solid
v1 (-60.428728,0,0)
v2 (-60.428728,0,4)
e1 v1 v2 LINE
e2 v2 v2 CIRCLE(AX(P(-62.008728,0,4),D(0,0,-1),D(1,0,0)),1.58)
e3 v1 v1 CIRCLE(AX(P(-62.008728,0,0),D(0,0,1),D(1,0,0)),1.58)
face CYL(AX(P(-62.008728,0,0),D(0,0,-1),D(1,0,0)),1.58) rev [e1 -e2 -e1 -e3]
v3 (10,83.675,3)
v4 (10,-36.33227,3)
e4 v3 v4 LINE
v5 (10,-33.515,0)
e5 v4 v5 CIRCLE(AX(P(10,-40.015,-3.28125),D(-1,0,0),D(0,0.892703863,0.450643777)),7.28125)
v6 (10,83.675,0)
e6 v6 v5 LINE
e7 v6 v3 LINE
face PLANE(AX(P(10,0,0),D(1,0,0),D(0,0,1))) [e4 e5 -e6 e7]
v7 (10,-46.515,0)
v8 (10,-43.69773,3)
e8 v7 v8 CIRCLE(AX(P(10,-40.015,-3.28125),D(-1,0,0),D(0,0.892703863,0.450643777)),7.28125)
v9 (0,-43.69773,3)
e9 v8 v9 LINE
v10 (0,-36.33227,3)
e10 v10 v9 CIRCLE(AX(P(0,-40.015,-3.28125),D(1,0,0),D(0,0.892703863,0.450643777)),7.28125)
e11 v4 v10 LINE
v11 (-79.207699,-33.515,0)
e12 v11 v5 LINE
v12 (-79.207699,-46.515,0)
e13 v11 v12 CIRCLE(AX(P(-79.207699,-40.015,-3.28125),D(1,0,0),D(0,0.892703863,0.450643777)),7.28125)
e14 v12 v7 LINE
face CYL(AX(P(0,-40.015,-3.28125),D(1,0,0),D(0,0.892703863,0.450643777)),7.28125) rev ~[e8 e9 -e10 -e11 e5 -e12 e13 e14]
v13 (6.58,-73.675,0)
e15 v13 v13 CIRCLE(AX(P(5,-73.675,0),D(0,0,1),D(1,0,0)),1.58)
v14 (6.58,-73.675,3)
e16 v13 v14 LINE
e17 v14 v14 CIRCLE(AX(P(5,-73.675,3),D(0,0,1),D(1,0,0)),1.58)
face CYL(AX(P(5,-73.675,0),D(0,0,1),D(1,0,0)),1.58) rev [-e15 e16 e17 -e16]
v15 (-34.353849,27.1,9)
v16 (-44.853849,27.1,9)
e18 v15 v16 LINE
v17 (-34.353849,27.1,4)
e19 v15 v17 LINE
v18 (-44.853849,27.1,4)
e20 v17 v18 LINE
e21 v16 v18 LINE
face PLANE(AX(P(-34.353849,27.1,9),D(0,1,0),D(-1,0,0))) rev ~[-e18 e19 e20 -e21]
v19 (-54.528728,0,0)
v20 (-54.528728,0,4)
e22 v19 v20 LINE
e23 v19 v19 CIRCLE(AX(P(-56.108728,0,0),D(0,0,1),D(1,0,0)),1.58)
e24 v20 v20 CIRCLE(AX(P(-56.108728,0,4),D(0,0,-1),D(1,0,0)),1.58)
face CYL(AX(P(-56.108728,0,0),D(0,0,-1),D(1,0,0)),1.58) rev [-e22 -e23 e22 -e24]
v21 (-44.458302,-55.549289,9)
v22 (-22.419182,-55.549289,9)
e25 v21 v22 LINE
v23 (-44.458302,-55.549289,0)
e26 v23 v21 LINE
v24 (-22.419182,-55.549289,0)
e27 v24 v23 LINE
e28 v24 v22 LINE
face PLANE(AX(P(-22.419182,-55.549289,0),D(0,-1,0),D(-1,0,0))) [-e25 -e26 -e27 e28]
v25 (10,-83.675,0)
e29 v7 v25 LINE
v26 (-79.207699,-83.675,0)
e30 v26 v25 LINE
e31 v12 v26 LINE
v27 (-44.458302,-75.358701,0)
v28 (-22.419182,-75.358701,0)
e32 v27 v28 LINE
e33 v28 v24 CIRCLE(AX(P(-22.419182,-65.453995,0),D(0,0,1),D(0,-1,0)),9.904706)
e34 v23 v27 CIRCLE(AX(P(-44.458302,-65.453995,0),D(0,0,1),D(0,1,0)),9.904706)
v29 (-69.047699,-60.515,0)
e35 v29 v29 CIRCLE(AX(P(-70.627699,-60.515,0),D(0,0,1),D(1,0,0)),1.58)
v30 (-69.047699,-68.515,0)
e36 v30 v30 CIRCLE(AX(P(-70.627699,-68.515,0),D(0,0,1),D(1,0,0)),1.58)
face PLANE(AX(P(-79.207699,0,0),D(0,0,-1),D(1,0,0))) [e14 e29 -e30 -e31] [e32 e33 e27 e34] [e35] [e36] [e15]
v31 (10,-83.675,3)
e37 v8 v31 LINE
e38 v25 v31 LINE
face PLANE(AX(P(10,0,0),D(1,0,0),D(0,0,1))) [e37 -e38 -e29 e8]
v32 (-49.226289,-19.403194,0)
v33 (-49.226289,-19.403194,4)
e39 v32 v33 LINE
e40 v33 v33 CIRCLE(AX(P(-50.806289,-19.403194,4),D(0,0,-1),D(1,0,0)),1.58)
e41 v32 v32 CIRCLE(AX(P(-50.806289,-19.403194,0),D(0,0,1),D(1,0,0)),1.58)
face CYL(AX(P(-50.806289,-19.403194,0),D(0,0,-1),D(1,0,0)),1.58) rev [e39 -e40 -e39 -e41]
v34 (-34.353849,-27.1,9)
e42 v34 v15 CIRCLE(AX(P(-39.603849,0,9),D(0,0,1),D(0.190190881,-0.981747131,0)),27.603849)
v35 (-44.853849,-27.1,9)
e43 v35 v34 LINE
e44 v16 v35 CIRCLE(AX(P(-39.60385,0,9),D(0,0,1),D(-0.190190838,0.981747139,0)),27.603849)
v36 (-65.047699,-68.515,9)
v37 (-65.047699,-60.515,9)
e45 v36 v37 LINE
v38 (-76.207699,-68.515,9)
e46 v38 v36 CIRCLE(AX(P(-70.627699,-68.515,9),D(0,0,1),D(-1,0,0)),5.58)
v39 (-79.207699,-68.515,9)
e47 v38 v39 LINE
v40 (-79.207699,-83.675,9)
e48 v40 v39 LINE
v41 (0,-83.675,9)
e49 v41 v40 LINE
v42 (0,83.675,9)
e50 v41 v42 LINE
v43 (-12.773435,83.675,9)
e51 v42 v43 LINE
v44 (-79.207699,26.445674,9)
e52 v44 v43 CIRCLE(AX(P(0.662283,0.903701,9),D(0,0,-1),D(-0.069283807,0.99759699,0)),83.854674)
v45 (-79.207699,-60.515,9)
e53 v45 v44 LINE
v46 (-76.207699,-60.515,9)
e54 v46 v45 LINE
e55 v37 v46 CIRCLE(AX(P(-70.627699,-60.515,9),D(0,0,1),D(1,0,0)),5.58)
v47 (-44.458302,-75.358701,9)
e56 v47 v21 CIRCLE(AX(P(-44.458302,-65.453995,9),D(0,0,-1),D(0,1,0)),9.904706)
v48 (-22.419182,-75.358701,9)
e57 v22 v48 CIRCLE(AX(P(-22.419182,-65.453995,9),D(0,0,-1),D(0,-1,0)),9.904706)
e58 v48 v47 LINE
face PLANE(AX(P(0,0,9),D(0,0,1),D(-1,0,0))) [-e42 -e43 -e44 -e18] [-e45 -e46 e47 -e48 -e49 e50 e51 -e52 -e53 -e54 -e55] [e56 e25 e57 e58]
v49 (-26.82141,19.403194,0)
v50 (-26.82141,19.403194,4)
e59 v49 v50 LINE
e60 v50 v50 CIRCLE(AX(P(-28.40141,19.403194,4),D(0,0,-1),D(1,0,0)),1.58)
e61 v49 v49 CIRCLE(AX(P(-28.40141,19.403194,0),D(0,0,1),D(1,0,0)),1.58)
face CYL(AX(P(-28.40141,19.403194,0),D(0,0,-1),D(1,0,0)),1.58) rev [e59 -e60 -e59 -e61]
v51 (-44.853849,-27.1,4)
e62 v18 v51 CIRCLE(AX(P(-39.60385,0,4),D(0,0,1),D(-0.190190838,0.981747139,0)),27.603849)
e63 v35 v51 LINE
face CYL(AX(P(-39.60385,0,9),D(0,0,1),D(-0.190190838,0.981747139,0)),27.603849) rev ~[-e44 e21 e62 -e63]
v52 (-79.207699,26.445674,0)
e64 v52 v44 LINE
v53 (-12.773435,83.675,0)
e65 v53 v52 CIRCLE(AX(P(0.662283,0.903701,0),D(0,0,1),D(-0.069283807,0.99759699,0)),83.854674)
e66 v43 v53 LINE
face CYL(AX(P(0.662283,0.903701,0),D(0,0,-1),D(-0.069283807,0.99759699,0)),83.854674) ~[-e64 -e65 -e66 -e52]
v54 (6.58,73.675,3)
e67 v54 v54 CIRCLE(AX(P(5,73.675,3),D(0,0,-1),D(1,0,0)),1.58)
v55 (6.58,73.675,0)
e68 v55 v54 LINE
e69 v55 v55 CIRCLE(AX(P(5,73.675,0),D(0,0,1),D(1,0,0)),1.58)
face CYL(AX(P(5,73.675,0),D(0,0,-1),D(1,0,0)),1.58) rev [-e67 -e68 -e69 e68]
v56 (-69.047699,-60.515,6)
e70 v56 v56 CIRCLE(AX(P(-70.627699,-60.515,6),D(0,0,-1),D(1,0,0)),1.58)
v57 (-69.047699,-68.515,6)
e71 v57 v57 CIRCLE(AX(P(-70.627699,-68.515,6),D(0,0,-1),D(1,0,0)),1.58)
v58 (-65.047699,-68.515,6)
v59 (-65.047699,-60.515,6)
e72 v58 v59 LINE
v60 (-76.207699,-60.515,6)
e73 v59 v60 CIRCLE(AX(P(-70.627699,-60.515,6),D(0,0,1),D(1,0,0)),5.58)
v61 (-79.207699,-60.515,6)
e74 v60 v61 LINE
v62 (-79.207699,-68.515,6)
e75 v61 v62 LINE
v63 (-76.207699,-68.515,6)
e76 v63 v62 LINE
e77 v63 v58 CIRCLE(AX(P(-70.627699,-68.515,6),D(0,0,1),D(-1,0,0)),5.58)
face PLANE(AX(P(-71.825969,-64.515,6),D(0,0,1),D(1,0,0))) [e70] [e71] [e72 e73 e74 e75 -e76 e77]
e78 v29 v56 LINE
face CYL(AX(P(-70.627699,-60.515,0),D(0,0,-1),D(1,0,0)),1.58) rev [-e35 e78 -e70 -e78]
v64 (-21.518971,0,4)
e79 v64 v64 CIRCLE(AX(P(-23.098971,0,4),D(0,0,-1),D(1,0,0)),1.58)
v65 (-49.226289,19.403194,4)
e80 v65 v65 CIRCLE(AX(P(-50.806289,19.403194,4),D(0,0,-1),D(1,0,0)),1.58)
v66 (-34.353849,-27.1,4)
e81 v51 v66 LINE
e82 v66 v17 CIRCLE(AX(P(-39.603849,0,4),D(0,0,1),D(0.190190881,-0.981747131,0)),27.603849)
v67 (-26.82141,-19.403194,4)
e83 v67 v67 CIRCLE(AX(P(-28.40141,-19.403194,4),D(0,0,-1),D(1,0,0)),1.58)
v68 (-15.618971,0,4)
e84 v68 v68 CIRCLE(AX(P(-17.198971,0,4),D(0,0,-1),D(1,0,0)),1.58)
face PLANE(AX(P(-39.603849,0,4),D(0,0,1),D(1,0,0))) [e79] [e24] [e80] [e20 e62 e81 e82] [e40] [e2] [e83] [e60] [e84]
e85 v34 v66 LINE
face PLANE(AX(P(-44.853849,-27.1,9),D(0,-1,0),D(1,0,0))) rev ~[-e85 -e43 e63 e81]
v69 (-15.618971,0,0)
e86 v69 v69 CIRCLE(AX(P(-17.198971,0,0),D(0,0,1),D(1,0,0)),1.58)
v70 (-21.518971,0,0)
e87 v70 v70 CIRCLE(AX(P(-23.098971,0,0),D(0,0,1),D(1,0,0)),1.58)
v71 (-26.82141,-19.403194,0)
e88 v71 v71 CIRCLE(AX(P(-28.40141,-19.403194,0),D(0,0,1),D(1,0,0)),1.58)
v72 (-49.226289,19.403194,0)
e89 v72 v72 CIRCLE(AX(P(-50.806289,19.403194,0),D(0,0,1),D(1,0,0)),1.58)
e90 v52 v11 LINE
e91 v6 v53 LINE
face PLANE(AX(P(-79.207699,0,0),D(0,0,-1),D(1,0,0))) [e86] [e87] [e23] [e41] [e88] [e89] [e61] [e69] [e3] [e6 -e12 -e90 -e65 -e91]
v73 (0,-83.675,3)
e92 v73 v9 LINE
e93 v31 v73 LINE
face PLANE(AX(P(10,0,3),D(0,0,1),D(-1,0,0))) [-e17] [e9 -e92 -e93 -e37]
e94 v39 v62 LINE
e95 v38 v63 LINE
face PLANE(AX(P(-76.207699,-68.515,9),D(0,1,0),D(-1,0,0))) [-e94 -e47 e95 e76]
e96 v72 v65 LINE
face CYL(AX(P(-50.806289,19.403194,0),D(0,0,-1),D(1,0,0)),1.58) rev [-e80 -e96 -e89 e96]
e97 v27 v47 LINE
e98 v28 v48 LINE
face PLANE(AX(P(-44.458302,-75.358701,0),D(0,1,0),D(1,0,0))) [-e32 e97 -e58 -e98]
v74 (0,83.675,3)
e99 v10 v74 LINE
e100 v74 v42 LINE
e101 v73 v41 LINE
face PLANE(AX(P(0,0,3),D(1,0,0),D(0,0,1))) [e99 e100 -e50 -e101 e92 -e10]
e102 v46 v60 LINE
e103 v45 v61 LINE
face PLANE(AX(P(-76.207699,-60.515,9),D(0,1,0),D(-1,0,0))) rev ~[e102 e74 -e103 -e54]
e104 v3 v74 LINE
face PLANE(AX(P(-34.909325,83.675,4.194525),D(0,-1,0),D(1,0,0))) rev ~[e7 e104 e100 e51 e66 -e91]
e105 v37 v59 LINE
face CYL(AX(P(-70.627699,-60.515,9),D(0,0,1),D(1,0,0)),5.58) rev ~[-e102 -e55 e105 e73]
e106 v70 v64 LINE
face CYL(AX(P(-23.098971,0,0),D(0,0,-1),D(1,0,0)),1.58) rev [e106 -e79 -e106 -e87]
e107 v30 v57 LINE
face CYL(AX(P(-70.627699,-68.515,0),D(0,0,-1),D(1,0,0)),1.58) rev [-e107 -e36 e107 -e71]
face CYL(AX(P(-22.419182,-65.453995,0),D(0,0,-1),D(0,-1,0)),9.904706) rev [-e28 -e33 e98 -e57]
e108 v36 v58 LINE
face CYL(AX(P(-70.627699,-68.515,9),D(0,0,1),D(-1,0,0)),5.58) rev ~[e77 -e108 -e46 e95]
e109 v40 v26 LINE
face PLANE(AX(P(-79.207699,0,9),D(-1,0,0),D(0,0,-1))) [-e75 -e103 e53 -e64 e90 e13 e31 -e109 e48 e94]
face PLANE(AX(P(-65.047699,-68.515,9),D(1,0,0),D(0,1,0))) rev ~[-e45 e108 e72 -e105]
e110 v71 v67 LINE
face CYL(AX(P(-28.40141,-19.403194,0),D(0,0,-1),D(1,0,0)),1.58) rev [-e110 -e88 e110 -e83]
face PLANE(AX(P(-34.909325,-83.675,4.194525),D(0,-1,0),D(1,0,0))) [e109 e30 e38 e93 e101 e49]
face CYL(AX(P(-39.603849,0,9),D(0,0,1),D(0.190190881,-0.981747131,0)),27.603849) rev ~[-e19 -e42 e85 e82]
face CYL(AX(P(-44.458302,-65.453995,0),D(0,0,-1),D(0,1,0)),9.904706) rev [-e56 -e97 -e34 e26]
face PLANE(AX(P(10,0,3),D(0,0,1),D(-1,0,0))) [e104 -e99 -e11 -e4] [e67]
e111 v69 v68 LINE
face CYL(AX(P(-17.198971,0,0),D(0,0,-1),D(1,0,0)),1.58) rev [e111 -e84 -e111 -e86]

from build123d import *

# Parameters (mm, degrees)
PAD_DEPTH            = 83.675
POCKET001_DEPTH      = 5
SKETCH003_R          = 1.58
POCKET002_DEPTH      = 9.001
SKETCH006_R          = 1.58
POCKET_DEPTH         = 379.711606
POCKET_DEPTH_BACK    = 388.711606
SKETCH008_R          = 1.58
POCKET004_DEPTH      = 0.001
POCKET004_DEPTH_BACK = 9.001
POCKET005_DEPTH      = 0.001
POCKET005_DEPTH_BACK = 9.001
POCKET006_DEPTH      = 79.208699
POCKET006_DEPTH_BACK = 10.001
POCKET007_DEPTH      = 0.001
POCKET007_DEPTH_BACK = 9.001
POCKET008_DEPTH      = 3


with BuildPart() as part:
    # Sketch → Pad (new body, symmetric)
    with BuildSketch(Plane.XZ):
        Polygon((-6, 9), (-79.207699, 9), (-79.207699, 0), (0, 0), (10, 0), (10, 3), (0, 3), (0, 9), align=None)
    extrude(amount=PAD_DEPTH, both=True)

    # Sketch002 → Pocket001 (cut)
    with BuildSketch(Plane.XY.offset(9)):
        with BuildLine():
            Line((-34.353849, 27.1), (-39.603849, 27.1))
            Line((-39.603849, 27.1), (-44.853849, 27.1))
            ThreePointArc((-44.853849, 27.1), (-67.207699, 0), (-44.853849, -27.1))
            Line((-44.853849, -27.1), (-34.353849, -27.1))
            ThreePointArc((-34.353849, -27.1), (-12, 0), (-34.353849, 27.1))
        make_face()
    extrude(amount=-POCKET001_DEPTH, mode=Mode.SUBTRACT)

    # Sketch003 → Pocket002 (cut, through all)
    with BuildSketch(Plane.XY):
        with Locations((-50.806289, -19.403194)):
            Circle(SKETCH003_R)
        with Locations((-28.40141, -19.403194)):
            Circle(SKETCH003_R)
        with Locations((-28.40141, 19.403194)):
            Circle(SKETCH003_R)
        with Locations((-50.806289, 19.403194)):
            Circle(SKETCH003_R)
        with Locations((-62.008728, 0)):
            Circle(SKETCH003_R)
        with Locations((-56.108728, 0)):
            Circle(SKETCH003_R)
        with Locations((-17.198971, 0)):
            Circle(SKETCH003_R)
        with Locations((-23.098971, 0)):
            Circle(SKETCH003_R)
    extrude(amount=POCKET002_DEPTH, mode=Mode.SUBTRACT)

    # Sketch006 → Pocket (cut, two sides)
    with BuildSketch(Plane.XY) as pocket_sk:
        with Locations((5, 73.675)):
            Circle(SKETCH006_R)
    pocket = extrude(amount=-POCKET_DEPTH, mode=Mode.SUBTRACT) + extrude(pocket_sk.sketch, amount=POCKET_DEPTH_BACK, mode=Mode.SUBTRACT)

    # Mirrored: Pocket across Sketch006 H_Axis
    add(pocket.mirror(Plane.ZX), mode=Mode.SUBTRACT)

    # Sketch008 → Pocket004 (cut, two sides)
    with BuildSketch(Plane.XY) as pocket004_sk:
        with Locations((-70.627699, -68.515)):
            Circle(SKETCH008_R)
        with Locations((-70.627699, -60.515)):
            Circle(SKETCH008_R)
    extrude(amount=-POCKET004_DEPTH, mode=Mode.SUBTRACT)
    extrude(pocket004_sk.sketch, amount=POCKET004_DEPTH_BACK, mode=Mode.SUBTRACT)

    # Sketch005 → Pocket005 (cut, two sides)
    with BuildSketch(Plane.XY) as pocket005_sk:
        with BuildLine():
            ThreePointArc((-5.147488, 84.556872), (-51.101438, 66.874328), (-79.207699, 26.445674))
            Line((-79.207699, 26.445674), (-107.360429, 26.445674))
            Line((-107.360429, 26.445674), (-107.360429, 113.139377))
            Line((-5.147488, 113.139377), (-107.360429, 113.139377))
            Line((-5.147488, 84.556872), (-5.147488, 113.139377))
        make_face()
    extrude(amount=-POCKET005_DEPTH, mode=Mode.SUBTRACT)
    extrude(pocket005_sk.sketch, amount=POCKET005_DEPTH_BACK, mode=Mode.SUBTRACT)

    # Sketch009 → Pocket006 (cut, two sides)
    with BuildSketch(Plane.YZ) as pocket006_sk:
        with BuildLine():
            ThreePointArc((-33.515, 0), (-40.015, 4), (-46.515, 0))
            Line((-40.015, 0), (-46.515, 0))
            Line((-40.015, 0), (-33.515, 0))
        make_face()
    extrude(amount=-POCKET006_DEPTH, mode=Mode.SUBTRACT)
    extrude(pocket006_sk.sketch, amount=POCKET006_DEPTH_BACK, mode=Mode.SUBTRACT)

    # Sketch010 → Pocket007 (cut, two sides)
    with BuildSketch(Plane.XY) as pocket007_sk:
        with BuildLine():
            ThreePointArc((-44.458302, -55.549289), (-54.363008, -65.453995), (-44.458302, -75.358701))
            Line((-44.458302, -75.358701), (-22.419182, -75.358701))
            ThreePointArc((-22.419182, -75.358701), (-12.514476, -65.453995), (-22.419182, -55.549289))
            Line((-22.419182, -55.549289), (-44.458302, -55.549289))
        make_face()
    extrude(amount=-POCKET007_DEPTH, mode=Mode.SUBTRACT)
    extrude(pocket007_sk.sketch, amount=POCKET007_DEPTH_BACK, mode=Mode.SUBTRACT)

    # Sketch007 → Pocket008 (cut)
    with BuildSketch(Plane.XY.offset(9)):
        with BuildLine():
            Line((-79.207699, -64.515), (-79.207699, -68.515))
            Line((-76.207699, -68.515), (-79.207699, -68.515))
            ThreePointArc((-76.207699, -68.515), (-70.627699, -74.095), (-65.047699, -68.515))
            Line((-65.047699, -68.515), (-65.047699, -64.515))
            Line((-65.047699, -60.515), (-65.047699, -64.515))
            ThreePointArc((-65.047699, -60.515), (-70.627699, -54.935), (-76.207699, -60.515))
            Line((-76.207699, -60.515), (-79.207699, -60.515))
            Line((-79.207699, -64.515), (-79.207699, -60.515))
        make_face()
    extrude(amount=-POCKET008_DEPTH, mode=Mode.SUBTRACT)


solid = part.part
